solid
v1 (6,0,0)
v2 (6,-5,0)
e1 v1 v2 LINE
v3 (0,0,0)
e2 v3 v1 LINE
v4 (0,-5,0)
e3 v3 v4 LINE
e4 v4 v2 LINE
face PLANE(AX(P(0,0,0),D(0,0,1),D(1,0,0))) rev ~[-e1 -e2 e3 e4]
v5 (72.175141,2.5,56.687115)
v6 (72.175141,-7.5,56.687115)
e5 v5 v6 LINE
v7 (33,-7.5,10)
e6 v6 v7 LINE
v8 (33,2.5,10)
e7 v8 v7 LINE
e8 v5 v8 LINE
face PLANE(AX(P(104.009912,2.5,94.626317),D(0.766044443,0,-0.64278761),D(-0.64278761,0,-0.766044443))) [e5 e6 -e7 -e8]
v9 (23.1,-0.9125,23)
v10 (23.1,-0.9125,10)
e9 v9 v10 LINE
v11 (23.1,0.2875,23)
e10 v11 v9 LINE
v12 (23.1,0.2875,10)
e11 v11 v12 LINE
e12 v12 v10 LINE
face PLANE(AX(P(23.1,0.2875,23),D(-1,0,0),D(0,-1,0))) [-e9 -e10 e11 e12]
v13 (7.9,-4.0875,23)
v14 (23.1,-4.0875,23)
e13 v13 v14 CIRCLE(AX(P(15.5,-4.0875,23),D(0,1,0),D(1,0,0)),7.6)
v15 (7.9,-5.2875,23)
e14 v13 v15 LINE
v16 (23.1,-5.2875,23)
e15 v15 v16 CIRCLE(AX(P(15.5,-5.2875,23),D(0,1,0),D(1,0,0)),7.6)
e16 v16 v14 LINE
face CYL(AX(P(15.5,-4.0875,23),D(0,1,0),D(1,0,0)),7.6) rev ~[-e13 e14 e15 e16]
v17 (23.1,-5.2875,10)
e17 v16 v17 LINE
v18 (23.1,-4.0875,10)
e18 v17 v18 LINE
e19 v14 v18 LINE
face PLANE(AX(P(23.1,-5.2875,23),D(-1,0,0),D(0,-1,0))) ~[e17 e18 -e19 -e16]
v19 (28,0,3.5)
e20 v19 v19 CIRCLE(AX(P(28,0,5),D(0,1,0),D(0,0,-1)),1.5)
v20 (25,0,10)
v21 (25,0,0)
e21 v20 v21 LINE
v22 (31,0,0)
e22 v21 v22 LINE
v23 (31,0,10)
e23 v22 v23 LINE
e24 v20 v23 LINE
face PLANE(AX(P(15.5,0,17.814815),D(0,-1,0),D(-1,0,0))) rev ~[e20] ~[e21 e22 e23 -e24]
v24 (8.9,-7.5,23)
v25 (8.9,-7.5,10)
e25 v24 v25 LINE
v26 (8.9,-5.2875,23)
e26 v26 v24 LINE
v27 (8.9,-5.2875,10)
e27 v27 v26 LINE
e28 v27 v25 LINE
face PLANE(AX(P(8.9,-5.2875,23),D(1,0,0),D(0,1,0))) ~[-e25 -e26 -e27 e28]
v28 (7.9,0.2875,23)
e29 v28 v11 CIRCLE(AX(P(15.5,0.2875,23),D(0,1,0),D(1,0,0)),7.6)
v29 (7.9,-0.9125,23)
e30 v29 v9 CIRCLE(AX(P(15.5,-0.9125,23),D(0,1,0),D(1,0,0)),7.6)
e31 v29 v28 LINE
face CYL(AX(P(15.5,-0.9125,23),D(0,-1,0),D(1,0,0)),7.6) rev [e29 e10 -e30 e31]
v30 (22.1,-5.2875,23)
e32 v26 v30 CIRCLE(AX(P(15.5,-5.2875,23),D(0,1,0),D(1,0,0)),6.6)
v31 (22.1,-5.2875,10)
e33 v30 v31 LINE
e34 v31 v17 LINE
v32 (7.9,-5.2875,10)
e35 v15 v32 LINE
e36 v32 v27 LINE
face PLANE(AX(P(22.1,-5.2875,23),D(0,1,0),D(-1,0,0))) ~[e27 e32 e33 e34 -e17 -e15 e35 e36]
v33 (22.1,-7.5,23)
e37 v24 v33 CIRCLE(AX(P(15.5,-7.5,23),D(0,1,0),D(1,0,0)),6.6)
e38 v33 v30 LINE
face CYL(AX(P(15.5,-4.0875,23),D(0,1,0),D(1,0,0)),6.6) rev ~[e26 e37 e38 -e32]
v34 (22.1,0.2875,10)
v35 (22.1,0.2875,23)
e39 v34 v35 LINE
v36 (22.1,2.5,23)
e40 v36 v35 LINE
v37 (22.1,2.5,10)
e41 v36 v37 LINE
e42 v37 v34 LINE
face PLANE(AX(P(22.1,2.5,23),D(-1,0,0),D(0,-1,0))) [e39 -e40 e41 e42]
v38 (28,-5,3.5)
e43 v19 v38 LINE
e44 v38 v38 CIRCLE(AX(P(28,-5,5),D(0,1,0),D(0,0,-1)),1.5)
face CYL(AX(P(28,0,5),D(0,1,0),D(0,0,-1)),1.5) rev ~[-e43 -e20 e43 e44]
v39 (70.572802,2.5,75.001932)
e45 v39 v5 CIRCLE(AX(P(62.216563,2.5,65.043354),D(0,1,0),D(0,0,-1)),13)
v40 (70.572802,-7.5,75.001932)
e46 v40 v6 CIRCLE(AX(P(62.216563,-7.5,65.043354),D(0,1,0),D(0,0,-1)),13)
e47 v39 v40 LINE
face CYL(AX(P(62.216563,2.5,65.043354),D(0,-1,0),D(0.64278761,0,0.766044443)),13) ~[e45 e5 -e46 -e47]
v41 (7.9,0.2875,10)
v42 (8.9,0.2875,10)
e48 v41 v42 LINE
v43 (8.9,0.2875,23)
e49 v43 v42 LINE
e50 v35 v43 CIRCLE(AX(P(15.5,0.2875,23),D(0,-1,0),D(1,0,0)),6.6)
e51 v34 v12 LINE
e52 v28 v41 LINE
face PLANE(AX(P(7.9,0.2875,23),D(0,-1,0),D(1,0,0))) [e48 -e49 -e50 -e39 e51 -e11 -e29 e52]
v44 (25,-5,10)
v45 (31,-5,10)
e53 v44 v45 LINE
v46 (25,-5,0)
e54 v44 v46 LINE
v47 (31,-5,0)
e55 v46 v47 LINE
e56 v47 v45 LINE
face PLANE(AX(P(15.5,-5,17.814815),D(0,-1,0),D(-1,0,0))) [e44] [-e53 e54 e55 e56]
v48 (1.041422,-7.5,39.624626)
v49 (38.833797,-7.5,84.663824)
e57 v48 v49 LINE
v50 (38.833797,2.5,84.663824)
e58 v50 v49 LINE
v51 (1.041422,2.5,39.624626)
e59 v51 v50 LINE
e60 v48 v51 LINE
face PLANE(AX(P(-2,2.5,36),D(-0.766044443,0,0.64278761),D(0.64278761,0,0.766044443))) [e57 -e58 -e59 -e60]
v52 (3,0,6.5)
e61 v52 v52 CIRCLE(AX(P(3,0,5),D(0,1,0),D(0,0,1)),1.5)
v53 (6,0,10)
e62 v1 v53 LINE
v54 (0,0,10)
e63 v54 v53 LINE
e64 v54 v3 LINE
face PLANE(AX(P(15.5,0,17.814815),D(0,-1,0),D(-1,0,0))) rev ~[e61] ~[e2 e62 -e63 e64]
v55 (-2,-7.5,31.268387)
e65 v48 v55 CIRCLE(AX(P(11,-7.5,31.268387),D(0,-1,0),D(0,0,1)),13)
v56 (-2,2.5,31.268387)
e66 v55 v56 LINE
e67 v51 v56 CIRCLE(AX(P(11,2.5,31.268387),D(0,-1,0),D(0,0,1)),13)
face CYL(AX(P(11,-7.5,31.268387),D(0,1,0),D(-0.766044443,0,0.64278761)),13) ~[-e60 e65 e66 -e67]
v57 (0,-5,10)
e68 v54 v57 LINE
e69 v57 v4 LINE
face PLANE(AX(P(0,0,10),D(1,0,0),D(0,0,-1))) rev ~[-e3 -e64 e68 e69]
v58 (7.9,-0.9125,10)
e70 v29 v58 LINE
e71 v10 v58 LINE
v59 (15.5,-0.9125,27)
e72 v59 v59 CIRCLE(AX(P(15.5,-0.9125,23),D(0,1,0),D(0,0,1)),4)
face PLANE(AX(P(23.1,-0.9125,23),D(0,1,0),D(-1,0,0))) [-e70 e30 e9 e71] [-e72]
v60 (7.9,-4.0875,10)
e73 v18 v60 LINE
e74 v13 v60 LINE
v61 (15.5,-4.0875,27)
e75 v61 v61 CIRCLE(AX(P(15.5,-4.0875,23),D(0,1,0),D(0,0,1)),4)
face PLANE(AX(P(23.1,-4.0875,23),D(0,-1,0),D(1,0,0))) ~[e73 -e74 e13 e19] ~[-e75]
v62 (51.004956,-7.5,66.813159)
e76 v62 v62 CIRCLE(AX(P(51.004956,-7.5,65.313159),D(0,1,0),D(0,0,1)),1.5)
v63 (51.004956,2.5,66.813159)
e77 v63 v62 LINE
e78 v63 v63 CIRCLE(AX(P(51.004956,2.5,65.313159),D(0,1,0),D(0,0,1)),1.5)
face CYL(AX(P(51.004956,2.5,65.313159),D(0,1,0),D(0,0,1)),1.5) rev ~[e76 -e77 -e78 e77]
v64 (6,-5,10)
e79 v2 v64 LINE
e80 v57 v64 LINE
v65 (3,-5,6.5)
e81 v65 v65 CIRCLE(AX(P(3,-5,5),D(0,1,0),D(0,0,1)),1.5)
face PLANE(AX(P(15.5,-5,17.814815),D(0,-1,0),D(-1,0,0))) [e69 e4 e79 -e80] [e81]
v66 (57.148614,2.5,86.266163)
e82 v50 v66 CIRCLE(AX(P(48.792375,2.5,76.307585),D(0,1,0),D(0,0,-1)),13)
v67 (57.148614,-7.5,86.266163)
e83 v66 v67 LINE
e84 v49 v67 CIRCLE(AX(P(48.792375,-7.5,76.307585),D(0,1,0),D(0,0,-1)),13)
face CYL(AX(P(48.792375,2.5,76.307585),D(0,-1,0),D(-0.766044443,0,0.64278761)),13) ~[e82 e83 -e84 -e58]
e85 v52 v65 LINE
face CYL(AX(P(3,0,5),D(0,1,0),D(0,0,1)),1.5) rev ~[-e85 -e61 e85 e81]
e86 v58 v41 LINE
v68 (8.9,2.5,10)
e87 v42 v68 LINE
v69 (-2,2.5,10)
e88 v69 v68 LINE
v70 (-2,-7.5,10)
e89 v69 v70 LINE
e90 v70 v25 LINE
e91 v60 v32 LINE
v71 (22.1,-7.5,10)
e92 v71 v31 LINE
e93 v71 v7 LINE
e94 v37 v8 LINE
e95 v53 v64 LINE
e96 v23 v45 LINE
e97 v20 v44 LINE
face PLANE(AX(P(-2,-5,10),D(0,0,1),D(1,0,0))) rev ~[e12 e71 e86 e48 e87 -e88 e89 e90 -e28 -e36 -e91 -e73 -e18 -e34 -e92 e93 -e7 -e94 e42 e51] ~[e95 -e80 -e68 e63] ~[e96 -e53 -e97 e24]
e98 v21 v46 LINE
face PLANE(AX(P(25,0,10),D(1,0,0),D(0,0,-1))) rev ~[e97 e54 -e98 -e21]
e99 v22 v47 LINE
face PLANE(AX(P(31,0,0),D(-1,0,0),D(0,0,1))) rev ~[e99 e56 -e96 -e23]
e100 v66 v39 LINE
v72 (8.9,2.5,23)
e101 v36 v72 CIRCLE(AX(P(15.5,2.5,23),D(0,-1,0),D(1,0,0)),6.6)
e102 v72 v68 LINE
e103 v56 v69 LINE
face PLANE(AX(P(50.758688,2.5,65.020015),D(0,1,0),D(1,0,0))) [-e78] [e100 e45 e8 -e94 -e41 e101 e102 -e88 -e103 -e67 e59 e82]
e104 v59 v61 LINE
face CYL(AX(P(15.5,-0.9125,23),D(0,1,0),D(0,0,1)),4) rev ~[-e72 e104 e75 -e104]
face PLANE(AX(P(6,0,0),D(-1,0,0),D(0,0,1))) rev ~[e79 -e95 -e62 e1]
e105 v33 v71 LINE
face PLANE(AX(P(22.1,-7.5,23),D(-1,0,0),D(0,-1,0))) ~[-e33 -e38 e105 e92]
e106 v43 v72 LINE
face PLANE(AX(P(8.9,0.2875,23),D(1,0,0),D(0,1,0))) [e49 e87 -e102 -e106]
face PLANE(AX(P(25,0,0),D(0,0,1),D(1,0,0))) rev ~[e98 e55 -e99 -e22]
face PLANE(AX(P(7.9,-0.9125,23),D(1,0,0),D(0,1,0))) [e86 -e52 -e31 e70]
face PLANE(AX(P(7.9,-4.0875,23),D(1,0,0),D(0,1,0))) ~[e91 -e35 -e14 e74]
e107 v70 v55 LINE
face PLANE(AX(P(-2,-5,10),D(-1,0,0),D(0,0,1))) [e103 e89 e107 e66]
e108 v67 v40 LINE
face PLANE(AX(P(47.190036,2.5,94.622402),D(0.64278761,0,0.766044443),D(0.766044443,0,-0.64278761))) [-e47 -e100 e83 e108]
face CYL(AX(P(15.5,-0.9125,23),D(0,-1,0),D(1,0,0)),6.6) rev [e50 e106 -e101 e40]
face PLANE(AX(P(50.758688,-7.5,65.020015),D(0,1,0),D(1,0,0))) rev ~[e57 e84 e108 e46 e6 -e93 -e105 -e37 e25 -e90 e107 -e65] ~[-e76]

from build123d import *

# Parameters (mm, degrees)
SKETCH10_W          = 35
SKETCH10_H          = 26
BOSS_EXTRUDE4_DEPTH = 2.5
SKETCH1_R           = 1.5
BOSS_EXTRUDE5_DEPTH = 5
SKETCH11_W          = 35
SKETCH11_H          = 26
BOSS_EXTRUDE6_DEPTH = 2.5
CUT_EXTRUDE1_START  = -13
CUT_EXTRUDE1_DEPTH  = 56.676105727
SKETCH4_R           = 7.6
CUT_EXTRUDE2_DEPTH  = 1.2
SKETCH5_R           = 6.6
CUT_EXTRUDE3_DEPTH  = 50.27874954
SKETCH8_R           = 4
CUT_EXTRUDE6_DEPTH  = 50.27874954
SKETCH13_R          = 1.5
BOSS_EXTRUDE7_DEPTH = 10
FILLET1_R           = 13
CUT_EXTRUDE11_DEPTH = 154.613950883
FILLET2_R           = 13


with BuildPart() as part:
    # Sketch10 → Boss-Extrude4 (new body)
    with BuildSketch(Plane(origin=(0, 0, 0), x_dir=(1, 0, 0), z_dir=(0, 1, 0))):
        with Locations((15.5, -23)):
            Rectangle(SKETCH10_W, SKETCH10_H)
    extrude(amount=BOSS_EXTRUDE4_DEPTH)

    # Sketch1 → Boss-Extrude5 (add)
    with BuildSketch(Plane(origin=(0, 0, 0), x_dir=(1, 0, 0), z_dir=(0, 1, 0))):
        Polygon((0, 0), (6, 0), (6, -10), (25, -10), (25, 0), (31, 0), (31, -10), (33, -10), (33, -36), (-2, -36), (-2, -10), (0, -10), align=None)
        with Locations(Location((3, -5, 0), (0, 0, 270))):
            Circle(SKETCH1_R, mode=Mode.SUBTRACT)
        with Locations(Location((28, -5, 0), (0, 0, 90))):
            Circle(SKETCH1_R, mode=Mode.SUBTRACT)
    extrude(amount=-BOSS_EXTRUDE5_DEPTH)

    # Sketch11 → Boss-Extrude6 (add)
    with BuildSketch(Plane.XZ.offset(5)):
        with Locations((15.5, 23)):
            Rectangle(SKETCH11_W, SKETCH11_H)
    extrude(amount=BOSS_EXTRUDE6_DEPTH)

    # Sketch3 → Cut-Extrude1 (cut)
    with BuildSketch(Plane(origin=(0, 0, 10), x_dir=(-1, 0, 0), z_dir=(0, 0, -1)).offset(CUT_EXTRUDE1_START)):
        Polygon((-22.1, 2.5), (-22.1, 0.2875), (-23.1, 0.2875), (-23.1, -0.9125), (-15.5, -0.9125), (-7.9, -0.9125), (-7.9, 0.2875), (-8.9, 0.2875), (-8.9, 2.5), align=None)
    cut_extrude1 = extrude(amount=CUT_EXTRUDE1_DEPTH, mode=Mode.SUBTRACT)

    # Sketch4 → Cut-Extrude2 (cut)
    with BuildSketch(Plane(origin=(0, -0.9125, 0), x_dir=(1, 0, 0), z_dir=(0, 1, 0))):
        with Locations((15.5, -23)):
            Circle(SKETCH4_R)
    cut_extrude2 = extrude(amount=CUT_EXTRUDE2_DEPTH, mode=Mode.SUBTRACT)

    # Sketch5 → Cut-Extrude3 (cut, through all)
    with BuildSketch(Plane(origin=(0, -0.9125, 0), x_dir=(1, 0, 0), z_dir=(0, 1, 0))):
        with Locations((15.5, -23)):
            Circle(SKETCH5_R)
    cut_extrude3 = extrude(amount=CUT_EXTRUDE3_DEPTH, mode=Mode.SUBTRACT)

    # Sketch8 → Cut-Extrude6 (cut, through all)
    with BuildSketch(Plane(origin=(0, -0.9125, 0), x_dir=(1, 0, 0), z_dir=(0, 1, 0))):
        with Locations(Location((15.5, -23, 0), (0, 0, 270))):
            Circle(SKETCH8_R)
    extrude(amount=-CUT_EXTRUDE6_DEPTH, mode=Mode.SUBTRACT)

    # Mirror1: Cut-Extrude1, Cut-Extrude2, Cut-Extrude3 across plane
    add(cut_extrude1.mirror(Plane.ZX.offset(-2.5)), mode=Mode.SUBTRACT)
    add(cut_extrude2.mirror(Plane.ZX.offset(-2.5)), mode=Mode.SUBTRACT)
    add(cut_extrude3.mirror(Plane.ZX.offset(-2.5)), mode=Mode.SUBTRACT)

    # Sketch13 → Boss-Extrude7 (add)
    with BuildSketch(Plane(origin=(0, 2.5, 0), x_dir=(1, 0, 0), z_dir=(0, 1, 0))):
        Polygon((-2, -36), (70.668567607, -122.603026514), (104.009911505, -94.626317146), (33, -10), (33, -36), align=None)
        with Locations(Location((51.004955752, -65.313158573, 0), (0, 0, 270))):
            Circle(SKETCH13_R, mode=Mode.SUBTRACT)
    extrude(amount=-BOSS_EXTRUDE7_DEPTH)

    # Fillet1
    fillet1_edges = [part.edges().sort_by_distance(p)[0] for p in [
        (104.009911505, -2.5, 94.626317146),
        (70.668567607, -2.5, 122.603026514),
        (-2, -2.5, 36),
    ]]
    fillet(fillet1_edges, radius=FILLET1_R)

    # Sketch18 → Cut-Extrude11 (cut, through all)
    with BuildSketch(Plane(origin=(0, 2.5, 0), x_dir=(1, 0, 0), z_dir=(0, 1, 0))):
        with BuildLine():
            Line((47.190035997, -94.622402119), (80.531379895, -66.645692751))
            Line((80.531379895, -66.645692751), (95.653672579, -84.667739385))
            ThreePointArc((95.653672579, -84.667739385), (98.645625894, -94.157002967), (94.051333744, -102.982556072))
            Line((94.051333744, -102.982556072), (80.627145367, -114.246787588))
            ThreePointArc((80.627145367, -114.246787588), (71.137881786, -117.238740903), (62.312328681, -112.644448753))
            Line((62.312328681, -112.644448753), (47.190035997, -94.622402119))
        make_face()
    extrude(amount=-CUT_EXTRUDE11_DEPTH, mode=Mode.SUBTRACT)

    # Fillet2
    fillet2_edges = [part.edges().sort_by_distance(p)[0] for p in [
        (47.190035997, -2.5, 94.622402119),
        (80.531379895, -2.5, 66.645692751),
    ]]
    fillet(fillet2_edges, radius=FILLET2_R)


solid = part.part
